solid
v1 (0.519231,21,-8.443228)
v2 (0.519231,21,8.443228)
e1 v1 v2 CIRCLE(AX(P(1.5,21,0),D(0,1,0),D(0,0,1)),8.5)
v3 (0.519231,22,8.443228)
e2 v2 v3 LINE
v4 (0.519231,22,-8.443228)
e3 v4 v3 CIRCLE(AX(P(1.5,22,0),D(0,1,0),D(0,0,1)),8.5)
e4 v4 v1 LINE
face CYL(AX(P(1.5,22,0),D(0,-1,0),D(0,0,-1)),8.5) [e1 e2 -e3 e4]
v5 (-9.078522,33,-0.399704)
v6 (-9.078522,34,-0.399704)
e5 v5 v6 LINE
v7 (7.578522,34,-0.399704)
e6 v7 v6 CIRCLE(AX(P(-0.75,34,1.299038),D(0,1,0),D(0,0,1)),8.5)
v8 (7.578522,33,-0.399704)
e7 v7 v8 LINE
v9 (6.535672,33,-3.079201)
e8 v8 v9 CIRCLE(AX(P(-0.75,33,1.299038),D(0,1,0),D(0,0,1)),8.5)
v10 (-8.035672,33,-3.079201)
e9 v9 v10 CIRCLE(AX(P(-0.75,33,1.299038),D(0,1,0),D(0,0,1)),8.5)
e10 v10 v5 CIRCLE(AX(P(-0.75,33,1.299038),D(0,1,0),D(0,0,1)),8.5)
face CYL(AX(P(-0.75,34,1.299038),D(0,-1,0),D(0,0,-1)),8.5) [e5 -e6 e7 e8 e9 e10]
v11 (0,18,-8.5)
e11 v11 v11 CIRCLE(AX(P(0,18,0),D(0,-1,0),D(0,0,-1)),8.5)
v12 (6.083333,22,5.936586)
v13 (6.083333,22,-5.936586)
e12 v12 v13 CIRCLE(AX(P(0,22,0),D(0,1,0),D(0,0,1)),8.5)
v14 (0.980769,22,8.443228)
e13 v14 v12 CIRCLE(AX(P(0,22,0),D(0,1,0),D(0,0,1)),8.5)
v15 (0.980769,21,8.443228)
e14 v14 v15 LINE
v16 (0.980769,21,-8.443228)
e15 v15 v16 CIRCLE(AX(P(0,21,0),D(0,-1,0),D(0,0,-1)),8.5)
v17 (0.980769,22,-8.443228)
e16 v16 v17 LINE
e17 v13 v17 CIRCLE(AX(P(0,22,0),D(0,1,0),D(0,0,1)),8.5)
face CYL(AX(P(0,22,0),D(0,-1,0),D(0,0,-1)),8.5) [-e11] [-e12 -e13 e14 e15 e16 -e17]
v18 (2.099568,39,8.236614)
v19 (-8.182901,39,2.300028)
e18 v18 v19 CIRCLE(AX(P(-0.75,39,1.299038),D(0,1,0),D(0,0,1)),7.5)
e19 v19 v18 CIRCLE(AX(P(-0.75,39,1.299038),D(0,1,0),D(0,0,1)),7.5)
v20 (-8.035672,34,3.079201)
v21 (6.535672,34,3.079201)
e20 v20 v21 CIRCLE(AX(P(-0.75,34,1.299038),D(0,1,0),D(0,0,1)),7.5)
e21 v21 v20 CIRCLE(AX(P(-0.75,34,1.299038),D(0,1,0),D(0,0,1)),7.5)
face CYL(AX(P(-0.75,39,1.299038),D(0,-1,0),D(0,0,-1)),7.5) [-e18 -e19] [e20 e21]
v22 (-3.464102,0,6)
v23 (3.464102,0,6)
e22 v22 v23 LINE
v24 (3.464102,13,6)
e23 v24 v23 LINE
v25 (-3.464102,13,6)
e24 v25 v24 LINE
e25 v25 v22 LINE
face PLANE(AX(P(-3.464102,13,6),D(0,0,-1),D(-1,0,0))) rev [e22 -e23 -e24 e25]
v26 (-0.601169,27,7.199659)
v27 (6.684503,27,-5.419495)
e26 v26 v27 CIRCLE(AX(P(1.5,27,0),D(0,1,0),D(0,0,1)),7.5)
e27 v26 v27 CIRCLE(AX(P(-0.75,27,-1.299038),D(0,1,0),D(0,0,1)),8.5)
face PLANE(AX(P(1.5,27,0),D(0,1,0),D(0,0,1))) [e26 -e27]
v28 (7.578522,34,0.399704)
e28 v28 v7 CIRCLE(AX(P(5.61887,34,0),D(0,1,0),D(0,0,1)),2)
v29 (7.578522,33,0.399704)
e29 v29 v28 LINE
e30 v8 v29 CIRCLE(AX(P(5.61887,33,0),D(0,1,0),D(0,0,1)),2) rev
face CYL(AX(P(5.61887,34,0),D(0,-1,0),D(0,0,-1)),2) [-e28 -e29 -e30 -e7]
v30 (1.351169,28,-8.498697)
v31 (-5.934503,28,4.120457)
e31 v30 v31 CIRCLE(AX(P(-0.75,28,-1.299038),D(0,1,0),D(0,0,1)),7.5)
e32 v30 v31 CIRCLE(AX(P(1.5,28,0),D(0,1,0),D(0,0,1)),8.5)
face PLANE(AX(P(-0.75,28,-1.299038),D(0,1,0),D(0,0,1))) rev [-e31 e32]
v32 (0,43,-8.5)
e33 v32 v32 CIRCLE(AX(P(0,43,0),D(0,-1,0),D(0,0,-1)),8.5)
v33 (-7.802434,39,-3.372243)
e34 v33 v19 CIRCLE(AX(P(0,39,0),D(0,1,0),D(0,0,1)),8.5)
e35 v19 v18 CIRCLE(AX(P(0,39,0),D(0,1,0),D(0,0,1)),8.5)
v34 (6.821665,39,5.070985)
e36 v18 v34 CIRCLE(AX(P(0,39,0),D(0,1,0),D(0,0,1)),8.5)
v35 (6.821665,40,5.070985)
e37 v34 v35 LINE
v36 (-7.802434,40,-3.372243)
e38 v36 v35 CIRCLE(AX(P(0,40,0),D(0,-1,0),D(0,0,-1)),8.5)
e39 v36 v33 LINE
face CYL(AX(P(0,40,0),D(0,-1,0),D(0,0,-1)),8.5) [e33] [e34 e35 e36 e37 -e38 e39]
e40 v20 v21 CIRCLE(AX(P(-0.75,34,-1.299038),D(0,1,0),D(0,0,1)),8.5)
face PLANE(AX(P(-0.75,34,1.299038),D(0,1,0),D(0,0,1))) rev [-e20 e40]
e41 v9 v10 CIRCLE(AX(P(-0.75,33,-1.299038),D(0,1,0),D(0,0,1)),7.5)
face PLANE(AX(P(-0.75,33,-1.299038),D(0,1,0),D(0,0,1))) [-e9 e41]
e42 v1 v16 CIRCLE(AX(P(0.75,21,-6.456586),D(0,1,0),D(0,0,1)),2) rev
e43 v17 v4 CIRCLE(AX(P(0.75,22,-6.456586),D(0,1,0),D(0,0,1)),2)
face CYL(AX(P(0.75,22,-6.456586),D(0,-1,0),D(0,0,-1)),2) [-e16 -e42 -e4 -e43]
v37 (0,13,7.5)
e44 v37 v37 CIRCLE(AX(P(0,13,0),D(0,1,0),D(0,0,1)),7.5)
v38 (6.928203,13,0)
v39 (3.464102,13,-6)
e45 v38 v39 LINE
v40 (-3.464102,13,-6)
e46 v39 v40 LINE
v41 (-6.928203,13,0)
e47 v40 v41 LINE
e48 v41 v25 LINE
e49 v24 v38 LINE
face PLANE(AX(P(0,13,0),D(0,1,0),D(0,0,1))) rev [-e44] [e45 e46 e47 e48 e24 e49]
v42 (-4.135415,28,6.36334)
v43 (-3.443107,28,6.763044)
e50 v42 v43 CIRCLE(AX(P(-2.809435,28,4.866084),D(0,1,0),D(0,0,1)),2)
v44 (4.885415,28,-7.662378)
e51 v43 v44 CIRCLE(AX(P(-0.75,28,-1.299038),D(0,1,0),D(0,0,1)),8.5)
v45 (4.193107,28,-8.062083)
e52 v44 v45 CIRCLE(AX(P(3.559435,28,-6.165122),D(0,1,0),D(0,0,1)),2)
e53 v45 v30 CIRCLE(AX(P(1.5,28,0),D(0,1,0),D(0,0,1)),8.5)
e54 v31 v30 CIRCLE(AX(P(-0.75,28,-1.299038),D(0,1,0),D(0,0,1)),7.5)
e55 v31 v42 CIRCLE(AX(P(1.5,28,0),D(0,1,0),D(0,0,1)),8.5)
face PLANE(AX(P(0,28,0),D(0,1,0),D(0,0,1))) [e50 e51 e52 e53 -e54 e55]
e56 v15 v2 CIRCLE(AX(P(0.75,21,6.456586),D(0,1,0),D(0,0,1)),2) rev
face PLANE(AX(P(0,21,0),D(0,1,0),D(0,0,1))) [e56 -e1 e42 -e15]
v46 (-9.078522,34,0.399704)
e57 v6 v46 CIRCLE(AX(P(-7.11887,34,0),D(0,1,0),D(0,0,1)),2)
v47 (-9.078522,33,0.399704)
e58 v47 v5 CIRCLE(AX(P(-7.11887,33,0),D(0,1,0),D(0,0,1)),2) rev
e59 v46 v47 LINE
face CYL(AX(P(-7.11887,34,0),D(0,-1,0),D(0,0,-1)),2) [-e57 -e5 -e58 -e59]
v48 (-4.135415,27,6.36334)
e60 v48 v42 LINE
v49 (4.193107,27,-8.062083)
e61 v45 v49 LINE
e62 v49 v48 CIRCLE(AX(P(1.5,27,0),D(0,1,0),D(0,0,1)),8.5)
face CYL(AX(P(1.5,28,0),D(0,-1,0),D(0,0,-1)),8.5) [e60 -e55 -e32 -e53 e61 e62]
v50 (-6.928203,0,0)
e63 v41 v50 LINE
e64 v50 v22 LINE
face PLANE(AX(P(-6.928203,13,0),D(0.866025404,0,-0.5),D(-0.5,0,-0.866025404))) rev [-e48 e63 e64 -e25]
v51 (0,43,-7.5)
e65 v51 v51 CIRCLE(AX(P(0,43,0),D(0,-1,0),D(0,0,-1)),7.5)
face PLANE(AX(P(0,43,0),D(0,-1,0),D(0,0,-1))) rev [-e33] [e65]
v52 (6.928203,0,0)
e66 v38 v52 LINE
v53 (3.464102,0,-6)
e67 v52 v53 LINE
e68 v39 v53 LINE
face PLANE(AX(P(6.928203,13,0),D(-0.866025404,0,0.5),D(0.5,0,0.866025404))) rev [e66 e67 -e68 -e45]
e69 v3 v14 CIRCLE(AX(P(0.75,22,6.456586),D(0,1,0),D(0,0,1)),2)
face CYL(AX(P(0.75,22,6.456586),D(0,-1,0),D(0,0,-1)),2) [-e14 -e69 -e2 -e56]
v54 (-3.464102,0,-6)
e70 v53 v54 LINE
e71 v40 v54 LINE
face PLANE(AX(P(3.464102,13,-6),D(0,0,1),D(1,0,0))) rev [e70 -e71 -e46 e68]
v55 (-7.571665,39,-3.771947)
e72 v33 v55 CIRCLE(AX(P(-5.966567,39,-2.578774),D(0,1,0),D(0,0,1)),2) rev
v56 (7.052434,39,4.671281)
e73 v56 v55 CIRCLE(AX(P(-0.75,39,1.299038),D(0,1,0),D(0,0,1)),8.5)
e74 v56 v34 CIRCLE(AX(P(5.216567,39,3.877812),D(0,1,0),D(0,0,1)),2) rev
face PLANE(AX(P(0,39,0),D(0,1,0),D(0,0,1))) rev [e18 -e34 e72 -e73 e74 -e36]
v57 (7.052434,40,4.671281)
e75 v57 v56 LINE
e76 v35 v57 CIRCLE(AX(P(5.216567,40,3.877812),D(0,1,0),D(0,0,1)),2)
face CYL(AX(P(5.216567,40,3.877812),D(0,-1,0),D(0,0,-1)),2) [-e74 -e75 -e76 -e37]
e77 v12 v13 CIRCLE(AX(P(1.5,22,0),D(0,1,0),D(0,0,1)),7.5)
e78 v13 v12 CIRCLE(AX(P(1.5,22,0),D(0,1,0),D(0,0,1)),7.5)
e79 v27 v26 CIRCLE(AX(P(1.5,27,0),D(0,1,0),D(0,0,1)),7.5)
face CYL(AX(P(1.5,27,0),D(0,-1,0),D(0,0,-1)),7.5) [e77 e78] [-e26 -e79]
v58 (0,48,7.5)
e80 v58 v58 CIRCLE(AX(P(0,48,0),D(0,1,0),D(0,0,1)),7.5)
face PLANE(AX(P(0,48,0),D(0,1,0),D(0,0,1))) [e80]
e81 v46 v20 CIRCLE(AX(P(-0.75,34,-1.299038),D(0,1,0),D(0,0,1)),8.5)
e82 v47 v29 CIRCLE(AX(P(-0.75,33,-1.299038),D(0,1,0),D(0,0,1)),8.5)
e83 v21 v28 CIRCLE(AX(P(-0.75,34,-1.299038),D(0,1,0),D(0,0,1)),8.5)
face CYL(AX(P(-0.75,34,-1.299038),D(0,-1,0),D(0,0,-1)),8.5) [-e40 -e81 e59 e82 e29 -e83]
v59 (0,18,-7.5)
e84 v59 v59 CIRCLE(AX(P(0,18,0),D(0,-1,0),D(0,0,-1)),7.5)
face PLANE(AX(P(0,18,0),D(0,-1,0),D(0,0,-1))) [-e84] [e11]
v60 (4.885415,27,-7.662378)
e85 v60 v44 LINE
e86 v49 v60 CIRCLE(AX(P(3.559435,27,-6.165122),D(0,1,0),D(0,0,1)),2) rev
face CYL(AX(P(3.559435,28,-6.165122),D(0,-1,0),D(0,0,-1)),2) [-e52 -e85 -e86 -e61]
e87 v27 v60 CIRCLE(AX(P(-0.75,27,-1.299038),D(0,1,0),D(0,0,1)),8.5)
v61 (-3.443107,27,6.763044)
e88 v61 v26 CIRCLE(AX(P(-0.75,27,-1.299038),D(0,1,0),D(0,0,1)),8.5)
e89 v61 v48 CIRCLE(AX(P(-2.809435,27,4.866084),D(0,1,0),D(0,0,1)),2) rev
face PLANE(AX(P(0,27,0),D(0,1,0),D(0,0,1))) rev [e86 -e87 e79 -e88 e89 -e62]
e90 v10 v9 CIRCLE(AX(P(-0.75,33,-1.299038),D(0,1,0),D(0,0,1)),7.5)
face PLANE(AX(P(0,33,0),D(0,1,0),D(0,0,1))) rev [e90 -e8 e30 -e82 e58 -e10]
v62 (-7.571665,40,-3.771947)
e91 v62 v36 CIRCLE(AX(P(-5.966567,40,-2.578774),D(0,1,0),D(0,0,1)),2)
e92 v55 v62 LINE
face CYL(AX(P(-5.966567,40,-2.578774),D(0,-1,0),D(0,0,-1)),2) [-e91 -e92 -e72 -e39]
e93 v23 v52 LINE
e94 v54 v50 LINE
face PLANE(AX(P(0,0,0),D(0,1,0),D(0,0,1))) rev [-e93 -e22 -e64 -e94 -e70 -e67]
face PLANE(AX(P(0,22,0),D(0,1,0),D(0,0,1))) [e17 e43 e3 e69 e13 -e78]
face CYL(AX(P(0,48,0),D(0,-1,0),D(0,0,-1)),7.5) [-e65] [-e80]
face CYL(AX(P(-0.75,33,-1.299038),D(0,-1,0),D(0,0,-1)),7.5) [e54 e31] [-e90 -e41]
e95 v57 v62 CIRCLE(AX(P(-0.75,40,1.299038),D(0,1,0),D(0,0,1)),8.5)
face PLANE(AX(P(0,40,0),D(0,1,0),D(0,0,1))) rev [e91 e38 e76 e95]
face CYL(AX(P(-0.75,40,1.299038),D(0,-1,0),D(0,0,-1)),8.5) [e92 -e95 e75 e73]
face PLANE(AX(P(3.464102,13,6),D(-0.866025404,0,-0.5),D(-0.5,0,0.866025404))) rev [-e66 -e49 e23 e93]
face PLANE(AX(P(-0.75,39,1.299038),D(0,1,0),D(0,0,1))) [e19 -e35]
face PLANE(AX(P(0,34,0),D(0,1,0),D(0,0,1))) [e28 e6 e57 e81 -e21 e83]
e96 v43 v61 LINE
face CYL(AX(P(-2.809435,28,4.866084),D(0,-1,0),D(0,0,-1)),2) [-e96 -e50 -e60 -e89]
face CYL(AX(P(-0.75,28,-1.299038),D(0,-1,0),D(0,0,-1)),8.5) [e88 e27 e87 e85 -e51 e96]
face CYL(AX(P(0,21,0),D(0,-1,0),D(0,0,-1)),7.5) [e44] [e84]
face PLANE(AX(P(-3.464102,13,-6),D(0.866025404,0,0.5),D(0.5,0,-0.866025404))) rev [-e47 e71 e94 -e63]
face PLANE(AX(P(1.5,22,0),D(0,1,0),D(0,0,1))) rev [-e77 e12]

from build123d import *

# Parameters (mm, degrees)
BOSS_EXTRUDE1_DEPTH  = 13
SKETCH5_R            = 7.5
BOSS_EXTRUDE2_DEPTH  = 8
BOSS_EXTRUDE3_DEPTH  = 1
SKETCH7_R            = 7.5
BOSS_EXTRUDE4_DEPTH  = 5
BOSS_EXTRUDE5_DEPTH  = 1
SKETCH9_R            = 7.5
BOSS_EXTRUDE6_DEPTH  = 5
BOSS_EXTRUDE7_DEPTH  = 1
SKETCH12_R           = 7.5
BOSS_EXTRUDE8_DEPTH  = 5
BOSS_EXTRUDE9_DEPTH  = 1
SKETCH14_R           = 7.5
BOSS_EXTRUDE10_DEPTH = 8
FILLET1_R            = 2
BOSS_EXTRUDE11_START = 3
SKETCH15_R           = 8.5
BOSS_EXTRUDE11_DEPTH = 3
SKETCH16_R           = 8.5
BOSS_EXTRUDE12_DEPTH = 3


with BuildPart() as part:
    # Sketch4 → Boss-Extrude1 (new body)
    with BuildSketch(Plane(origin=(0, 0, 0), x_dir=(1, 0, 0), z_dir=(0, 1, 0))):
        Polygon((-3.464101615, 6), (-6.92820323, 0), (-3.464101615, -6), (3.464101615, -6), (6.92820323, 0), (3.464101615, 6), align=None)
    extrude(amount=BOSS_EXTRUDE1_DEPTH)

    # Sketch5 → Boss-Extrude2 (add)
    with BuildSketch(Plane(origin=(0, 13, 0), x_dir=(1, 0, 0), z_dir=(0, 1, 0))):
        with Locations(Location((0, 0, 0), (0, 0, 270))):
            Circle(SKETCH5_R)
    extrude(amount=BOSS_EXTRUDE2_DEPTH)

    # Sketch6 → Boss-Extrude3 (add)
    with BuildSketch(Plane(origin=(0, 21, 0), x_dir=(1, 0, 0), z_dir=(0, 1, 0))):
        with BuildLine():
            ThreePointArc((0.75, -8.466847111), (6.269968102, -5.739120142), (8.5, 0))
            ThreePointArc((8.5, 0), (6.269968102, 5.739120142), (0.75, 8.466847111))
            ThreePointArc((0.75, 8.466847111), (-7, 0), (0.75, -8.466847111))
        make_face()
    extrude(amount=BOSS_EXTRUDE3_DEPTH)

    # Sketch7 → Boss-Extrude4 (add)
    with BuildSketch(Plane(origin=(0, 22, 0), x_dir=(1, 0, 0), z_dir=(0, 1, 0))):
        with Locations(Location((1.5, 0, 0), (0, 0, 52.330113036))):
            Circle(SKETCH7_R)
    extrude(amount=BOSS_EXTRUDE4_DEPTH)

    # Sketch8 → Boss-Extrude5 (add)
    with BuildSketch(Plane(origin=(0, 27, 0), x_dir=(1, 0, 0), z_dir=(0, 1, 0))):
        with BuildLine():
            ThreePointArc((7.75, 1.299038106), (6.915283179, 4.972379062), (4.575074404, 7.924261316))
            ThreePointArc((4.575074404, 7.924261316), (-5.861215932, 4.25), (-3.825074404, -6.625223211))
            ThreePointArc((-3.825074404, -6.625223211), (4.051659482, -5.714810069), (7.75, 1.299038106))
        make_face()
    extrude(amount=BOSS_EXTRUDE5_DEPTH)

    # Sketch9 → Boss-Extrude6 (add)
    with BuildSketch(Plane(origin=(0, 28, 0), x_dir=(1, 0, 0), z_dir=(0, 1, 0))):
        with Locations(Location((-0.75, 1.299038106, 0), (0, 0, 73.730489259))):
            Circle(SKETCH9_R)
    extrude(amount=BOSS_EXTRUDE6_DEPTH)

    # Sketch11 → Boss-Extrude7 (add)
    with BuildSketch(Plane(origin=(0, 33, 0), x_dir=(1, 0, 0), z_dir=(0, 1, 0))):
        with BuildLine():
            ThreePointArc((7.650148808, 0), (-0.75, 7.200961894), (-9.150148808, 0))
            ThreePointArc((-9.150148808, 0), (-0.75, -7.200961894), (7.650148808, 0))
        make_face()
    extrude(amount=BOSS_EXTRUDE7_DEPTH)

    # Sketch12 → Boss-Extrude8 (add)
    with BuildSketch(Plane(origin=(0, 34, 0), x_dir=(1, 0, 0), z_dir=(0, 1, 0))):
        with Locations(Location((-0.75, -1.299038106, 0), (0, 0, 193.730489259))):
            Circle(SKETCH12_R)
    extrude(amount=BOSS_EXTRUDE8_DEPTH)

    # Sketch13 → Boss-Extrude9 (add)
    with BuildSketch(Plane(origin=(0, 39, 0), x_dir=(1, 0, 0), z_dir=(0, 1, 0))):
        with BuildLine():
            ThreePointArc((6.957504688, -4.882942608), (7.549511728, -3.134277893), (7.75, -1.299038106))
            ThreePointArc((7.75, -1.299038106), (1.810391586, 6.806169783), (-7.707504688, 3.583904503))
            ThreePointArc((-7.707504688, 3.583904503), (-4.25, -7.361215932), (6.957504688, -4.882942608))
        make_face()
    extrude(amount=BOSS_EXTRUDE9_DEPTH)

    # Sketch14 → Boss-Extrude10 (add)
    with BuildSketch(Plane(origin=(0, 40, 0), x_dir=(1, 0, 0), z_dir=(0, 1, 0))):
        with Locations(Location((0, 0, 0), (0, 0, 127.669886964))):
            Circle(SKETCH14_R)
    extrude(amount=BOSS_EXTRUDE10_DEPTH)

    # Fillet1
    fillet1_edges = [part.edges().sort_by_distance(p)[0] for p in [
        (0.75, 21.5, -8.466847111),
        (0.75, 21.5, 8.466847111),
        (-3.825074404, 27.5, 6.625223211),
        (4.575074404, 27.5, -7.924261316),
        (7.650148808, 33.5, 0),
        (-9.150148808, 33.5, 0),
        (-7.707504688, 39.5, -3.583904503),
        (6.957504688, 39.5, 4.882942608),
    ]]
    fillet(fillet1_edges, radius=FILLET1_R)

    # Sketch15 → Boss-Extrude11 (add)
    with BuildSketch(Plane.XZ.offset(-21).offset(BOSS_EXTRUDE11_START)):
        with Locations(Location((0, 0, 0), (0, 0, 270))):
            Circle(SKETCH15_R)
    extrude(amount=-BOSS_EXTRUDE11_DEPTH)

    # Sketch16 → Boss-Extrude12 (add)
    with BuildSketch(Plane.XZ.offset(-40)):
        with Locations(Location((0, 0, 0), (0, 0, 270))):
            Circle(SKETCH16_R)
    extrude(amount=-BOSS_EXTRUDE12_DEPTH)


solid = part.part
